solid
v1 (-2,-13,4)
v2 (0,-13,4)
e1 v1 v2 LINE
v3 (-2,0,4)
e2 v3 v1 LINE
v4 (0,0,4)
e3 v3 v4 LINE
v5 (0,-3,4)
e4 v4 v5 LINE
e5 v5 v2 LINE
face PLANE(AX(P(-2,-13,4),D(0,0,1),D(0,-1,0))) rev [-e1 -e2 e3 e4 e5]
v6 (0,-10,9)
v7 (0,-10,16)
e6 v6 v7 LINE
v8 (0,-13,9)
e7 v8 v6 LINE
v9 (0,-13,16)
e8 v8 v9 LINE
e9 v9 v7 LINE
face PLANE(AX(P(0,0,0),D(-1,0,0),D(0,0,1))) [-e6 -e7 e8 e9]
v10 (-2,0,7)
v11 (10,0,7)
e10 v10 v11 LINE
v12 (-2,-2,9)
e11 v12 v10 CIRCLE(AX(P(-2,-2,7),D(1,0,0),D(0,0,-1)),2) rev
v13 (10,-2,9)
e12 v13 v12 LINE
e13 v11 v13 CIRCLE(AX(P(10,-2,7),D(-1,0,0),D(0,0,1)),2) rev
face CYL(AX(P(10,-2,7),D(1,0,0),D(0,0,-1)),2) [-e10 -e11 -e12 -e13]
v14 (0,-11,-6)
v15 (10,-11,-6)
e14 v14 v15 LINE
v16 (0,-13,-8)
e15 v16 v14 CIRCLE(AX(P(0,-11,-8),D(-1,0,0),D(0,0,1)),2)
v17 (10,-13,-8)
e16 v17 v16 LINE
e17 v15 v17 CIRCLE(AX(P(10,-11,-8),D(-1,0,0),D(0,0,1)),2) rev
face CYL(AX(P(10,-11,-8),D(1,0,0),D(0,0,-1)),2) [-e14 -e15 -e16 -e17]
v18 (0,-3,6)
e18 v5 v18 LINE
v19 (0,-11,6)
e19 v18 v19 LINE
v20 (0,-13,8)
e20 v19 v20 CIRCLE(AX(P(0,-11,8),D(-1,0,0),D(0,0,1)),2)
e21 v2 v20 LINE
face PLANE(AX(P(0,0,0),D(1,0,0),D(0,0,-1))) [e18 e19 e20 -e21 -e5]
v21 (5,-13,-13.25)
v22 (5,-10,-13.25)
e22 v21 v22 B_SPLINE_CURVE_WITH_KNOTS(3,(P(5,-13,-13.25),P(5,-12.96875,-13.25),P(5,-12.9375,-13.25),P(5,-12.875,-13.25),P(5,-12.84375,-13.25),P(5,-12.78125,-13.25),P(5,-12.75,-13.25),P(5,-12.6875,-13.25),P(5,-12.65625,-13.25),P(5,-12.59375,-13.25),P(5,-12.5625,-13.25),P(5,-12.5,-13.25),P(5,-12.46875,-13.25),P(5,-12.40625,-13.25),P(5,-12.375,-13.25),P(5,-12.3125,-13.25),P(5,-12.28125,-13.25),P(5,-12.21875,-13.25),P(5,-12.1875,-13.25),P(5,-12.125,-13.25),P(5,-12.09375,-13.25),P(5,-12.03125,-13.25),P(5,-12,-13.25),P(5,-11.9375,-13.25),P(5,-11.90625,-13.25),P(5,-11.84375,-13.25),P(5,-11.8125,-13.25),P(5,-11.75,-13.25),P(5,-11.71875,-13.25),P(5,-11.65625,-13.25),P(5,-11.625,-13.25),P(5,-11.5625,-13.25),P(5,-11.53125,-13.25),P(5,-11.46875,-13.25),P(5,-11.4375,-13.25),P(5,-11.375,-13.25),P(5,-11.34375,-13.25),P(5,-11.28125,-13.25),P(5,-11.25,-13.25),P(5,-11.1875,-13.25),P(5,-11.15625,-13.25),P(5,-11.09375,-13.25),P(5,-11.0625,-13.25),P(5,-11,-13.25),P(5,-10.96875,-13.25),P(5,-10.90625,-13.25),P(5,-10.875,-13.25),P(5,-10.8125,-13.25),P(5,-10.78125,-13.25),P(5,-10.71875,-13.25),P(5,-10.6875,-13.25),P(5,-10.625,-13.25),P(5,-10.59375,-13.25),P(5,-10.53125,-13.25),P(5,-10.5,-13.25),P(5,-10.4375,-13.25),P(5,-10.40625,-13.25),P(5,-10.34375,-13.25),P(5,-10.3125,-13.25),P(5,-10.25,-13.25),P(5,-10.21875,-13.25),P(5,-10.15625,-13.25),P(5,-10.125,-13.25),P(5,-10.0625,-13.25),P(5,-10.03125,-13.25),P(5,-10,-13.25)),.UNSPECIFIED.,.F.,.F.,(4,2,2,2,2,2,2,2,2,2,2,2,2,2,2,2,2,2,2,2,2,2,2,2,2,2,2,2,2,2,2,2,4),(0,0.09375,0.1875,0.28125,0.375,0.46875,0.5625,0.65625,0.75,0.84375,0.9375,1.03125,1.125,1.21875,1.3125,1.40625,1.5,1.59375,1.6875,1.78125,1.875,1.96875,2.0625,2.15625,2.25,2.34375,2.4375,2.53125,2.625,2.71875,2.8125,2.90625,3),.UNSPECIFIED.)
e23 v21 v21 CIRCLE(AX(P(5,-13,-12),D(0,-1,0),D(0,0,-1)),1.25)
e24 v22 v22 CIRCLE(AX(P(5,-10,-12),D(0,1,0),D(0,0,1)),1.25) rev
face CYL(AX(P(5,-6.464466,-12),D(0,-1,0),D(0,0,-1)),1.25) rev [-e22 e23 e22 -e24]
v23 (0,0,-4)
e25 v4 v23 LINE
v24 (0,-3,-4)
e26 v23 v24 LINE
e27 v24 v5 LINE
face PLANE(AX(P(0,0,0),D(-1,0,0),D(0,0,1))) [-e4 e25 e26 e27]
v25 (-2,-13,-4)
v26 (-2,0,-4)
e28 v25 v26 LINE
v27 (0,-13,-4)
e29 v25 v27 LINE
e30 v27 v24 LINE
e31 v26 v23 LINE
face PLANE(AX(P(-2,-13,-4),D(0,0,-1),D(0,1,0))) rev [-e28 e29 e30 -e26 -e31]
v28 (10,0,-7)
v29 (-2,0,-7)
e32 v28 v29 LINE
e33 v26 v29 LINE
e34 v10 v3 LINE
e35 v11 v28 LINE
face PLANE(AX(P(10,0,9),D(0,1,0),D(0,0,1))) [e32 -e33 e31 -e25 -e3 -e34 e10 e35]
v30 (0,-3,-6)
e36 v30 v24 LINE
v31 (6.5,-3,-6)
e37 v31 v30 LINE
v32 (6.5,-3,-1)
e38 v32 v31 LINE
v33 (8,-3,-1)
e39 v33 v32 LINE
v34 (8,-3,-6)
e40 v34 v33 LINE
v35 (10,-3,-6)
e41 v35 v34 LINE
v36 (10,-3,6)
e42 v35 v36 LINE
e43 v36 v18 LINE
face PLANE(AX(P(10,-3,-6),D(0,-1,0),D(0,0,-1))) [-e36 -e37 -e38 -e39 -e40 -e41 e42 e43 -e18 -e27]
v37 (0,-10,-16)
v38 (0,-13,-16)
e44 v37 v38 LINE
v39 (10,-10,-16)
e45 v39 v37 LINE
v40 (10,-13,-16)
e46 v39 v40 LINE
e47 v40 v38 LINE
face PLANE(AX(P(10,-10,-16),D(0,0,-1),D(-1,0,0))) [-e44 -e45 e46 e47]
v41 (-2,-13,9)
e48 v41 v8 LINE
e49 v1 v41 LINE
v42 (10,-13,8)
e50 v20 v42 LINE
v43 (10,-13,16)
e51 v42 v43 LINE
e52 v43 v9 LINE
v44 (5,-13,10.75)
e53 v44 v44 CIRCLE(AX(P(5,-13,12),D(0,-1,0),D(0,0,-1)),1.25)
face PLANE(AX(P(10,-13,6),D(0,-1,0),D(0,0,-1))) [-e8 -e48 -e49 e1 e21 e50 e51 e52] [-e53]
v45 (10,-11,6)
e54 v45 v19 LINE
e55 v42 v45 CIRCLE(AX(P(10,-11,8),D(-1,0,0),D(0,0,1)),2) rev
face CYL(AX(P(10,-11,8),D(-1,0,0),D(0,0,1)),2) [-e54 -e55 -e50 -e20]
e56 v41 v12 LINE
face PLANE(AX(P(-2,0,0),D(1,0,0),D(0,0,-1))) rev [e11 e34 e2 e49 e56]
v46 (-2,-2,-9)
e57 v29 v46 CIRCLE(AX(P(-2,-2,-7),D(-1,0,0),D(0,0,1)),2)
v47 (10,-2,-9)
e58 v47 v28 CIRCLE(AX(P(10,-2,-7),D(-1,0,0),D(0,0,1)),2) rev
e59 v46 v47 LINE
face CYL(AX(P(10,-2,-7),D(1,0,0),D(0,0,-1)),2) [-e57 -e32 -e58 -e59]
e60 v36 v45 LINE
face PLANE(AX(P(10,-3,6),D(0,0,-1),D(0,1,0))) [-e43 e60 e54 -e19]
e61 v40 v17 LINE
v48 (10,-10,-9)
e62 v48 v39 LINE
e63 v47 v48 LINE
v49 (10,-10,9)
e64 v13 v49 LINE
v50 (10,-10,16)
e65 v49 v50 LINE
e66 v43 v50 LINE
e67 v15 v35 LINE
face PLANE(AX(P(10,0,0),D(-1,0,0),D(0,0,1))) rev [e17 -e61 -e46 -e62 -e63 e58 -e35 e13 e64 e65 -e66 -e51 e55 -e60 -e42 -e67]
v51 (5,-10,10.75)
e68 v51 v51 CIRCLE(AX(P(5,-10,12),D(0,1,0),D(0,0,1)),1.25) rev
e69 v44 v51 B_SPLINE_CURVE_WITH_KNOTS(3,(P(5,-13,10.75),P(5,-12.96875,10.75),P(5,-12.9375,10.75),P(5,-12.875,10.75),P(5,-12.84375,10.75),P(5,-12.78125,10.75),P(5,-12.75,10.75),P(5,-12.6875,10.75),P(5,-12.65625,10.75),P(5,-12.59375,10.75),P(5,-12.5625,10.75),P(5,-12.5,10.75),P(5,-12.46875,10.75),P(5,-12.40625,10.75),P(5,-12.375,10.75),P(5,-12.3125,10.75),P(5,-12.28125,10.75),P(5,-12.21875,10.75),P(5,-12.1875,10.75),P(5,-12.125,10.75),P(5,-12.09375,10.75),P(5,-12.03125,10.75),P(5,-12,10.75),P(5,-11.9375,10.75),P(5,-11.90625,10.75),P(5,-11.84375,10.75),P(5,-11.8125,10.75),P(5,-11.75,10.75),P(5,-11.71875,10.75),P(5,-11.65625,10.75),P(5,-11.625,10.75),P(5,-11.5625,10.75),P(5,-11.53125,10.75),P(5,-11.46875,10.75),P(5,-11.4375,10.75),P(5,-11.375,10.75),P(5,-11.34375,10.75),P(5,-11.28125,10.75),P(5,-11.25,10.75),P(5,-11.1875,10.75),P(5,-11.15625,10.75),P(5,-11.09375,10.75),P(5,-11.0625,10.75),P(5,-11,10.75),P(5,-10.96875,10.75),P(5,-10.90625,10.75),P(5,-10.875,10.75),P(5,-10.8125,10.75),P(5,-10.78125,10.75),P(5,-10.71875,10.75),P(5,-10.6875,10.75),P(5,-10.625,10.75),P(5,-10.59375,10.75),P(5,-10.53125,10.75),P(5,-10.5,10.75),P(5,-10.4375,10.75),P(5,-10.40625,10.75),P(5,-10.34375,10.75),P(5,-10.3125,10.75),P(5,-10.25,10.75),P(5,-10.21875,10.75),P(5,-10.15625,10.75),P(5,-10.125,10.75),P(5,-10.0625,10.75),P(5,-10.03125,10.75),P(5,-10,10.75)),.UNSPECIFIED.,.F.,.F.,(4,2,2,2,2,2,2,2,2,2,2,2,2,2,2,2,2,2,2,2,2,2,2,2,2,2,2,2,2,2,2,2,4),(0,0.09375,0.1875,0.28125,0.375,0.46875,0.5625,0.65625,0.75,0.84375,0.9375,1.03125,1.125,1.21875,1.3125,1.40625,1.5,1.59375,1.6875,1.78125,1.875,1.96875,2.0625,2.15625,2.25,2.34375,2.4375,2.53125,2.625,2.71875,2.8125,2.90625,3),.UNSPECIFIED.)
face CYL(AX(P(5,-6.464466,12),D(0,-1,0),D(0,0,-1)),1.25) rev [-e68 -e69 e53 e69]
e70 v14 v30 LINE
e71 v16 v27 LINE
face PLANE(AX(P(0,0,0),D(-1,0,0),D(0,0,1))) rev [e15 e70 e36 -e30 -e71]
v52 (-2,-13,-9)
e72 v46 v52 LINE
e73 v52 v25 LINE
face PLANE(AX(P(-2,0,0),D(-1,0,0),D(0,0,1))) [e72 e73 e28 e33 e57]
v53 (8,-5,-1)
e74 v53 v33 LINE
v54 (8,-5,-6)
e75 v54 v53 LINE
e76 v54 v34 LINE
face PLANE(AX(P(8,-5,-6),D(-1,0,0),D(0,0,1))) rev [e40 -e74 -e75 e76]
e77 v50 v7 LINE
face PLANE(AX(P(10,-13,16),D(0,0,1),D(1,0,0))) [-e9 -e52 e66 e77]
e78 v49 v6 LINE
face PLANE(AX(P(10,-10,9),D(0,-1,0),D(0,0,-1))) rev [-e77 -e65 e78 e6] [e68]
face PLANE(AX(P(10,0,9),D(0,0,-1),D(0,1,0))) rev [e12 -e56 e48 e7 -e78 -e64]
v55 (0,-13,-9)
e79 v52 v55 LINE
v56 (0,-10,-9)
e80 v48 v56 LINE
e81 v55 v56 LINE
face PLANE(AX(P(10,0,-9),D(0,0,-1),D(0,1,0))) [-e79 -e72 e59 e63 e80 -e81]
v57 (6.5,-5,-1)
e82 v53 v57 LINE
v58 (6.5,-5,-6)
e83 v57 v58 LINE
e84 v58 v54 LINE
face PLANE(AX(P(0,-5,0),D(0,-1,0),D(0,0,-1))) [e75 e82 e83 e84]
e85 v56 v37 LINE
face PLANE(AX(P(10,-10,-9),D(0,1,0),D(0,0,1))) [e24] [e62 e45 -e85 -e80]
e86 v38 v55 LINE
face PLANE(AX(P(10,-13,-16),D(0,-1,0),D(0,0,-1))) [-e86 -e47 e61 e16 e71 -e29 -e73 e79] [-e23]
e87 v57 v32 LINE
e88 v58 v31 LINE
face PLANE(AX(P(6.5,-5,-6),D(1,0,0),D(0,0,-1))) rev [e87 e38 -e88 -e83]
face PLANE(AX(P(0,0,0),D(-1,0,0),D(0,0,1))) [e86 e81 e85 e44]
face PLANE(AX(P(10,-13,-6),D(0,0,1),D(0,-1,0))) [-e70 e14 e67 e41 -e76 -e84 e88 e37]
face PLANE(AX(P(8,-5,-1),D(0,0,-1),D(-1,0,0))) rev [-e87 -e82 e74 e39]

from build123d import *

# Parameters (mm, degrees)
MAIN_DEPTH      = 10
FILLET1_R       = 2
FILLET2_R       = 2
SKETCH2_R       = 1.25
BOLT_SLOT_DEPTH = 3
SKETCH3_W       = 5
SKETCH3_H       = 13
FRONT_TAB_DEPTH = 2
SKETCH4_W       = 1.5
SKETCH4_H       = 5
TOP_TAB_DEPTH   = 2
FILLET3_R       = 2
FILLET4_R       = 2


with BuildPart() as part:
    # Sketch1 → main (new body)
    with BuildSketch(Plane(origin=(0, 0, 0), x_dir=(0, 0, -1), z_dir=(1, 0, 0))):
        Polygon((-9, 0), (9, 0), (9, -10), (16, -10), (16, -13), (6, -13), (6, -3), (-6, -3), (-6, -13), (-16, -13), (-16, -10), (-9, -10), align=None)
    extrude(amount=MAIN_DEPTH)

    # Fillet1
    fillet1_edges = [part.edges().sort_by_distance(p)[0] for p in [
        (5, -13, 6),
    ]]
    fillet(fillet1_edges, radius=FILLET1_R)

    # Fillet2
    fillet2_edges = [part.edges().sort_by_distance(p)[0] for p in [
        (5, -13, -6),
    ]]
    fillet(fillet2_edges, radius=FILLET2_R)

    # Sketch2 → bolt slot (cut)
    with BuildSketch(Plane.XZ.offset(13)):
        with Locations(Location((5, 12, 0), (0, 0, 270))):
            Circle(SKETCH2_R)
        with Locations(Location((5, -12, 0), (0, 0, 270))):
            Circle(SKETCH2_R)
    extrude(amount=-BOLT_SLOT_DEPTH, mode=Mode.SUBTRACT)

    # Sketch3 → front tab (add)
    with BuildSketch(Plane.ZY):
        with Locations((-6.5, -6.5)):
            Rectangle(SKETCH3_W, SKETCH3_H)
        with Locations((6.5, -6.5)):
            Rectangle(SKETCH3_W, SKETCH3_H)
    extrude(amount=FRONT_TAB_DEPTH)

    # Sketch4 → top tab (add)
    with BuildSketch(Plane.XZ.offset(3)):
        with Locations((7.25, -3.5)):
            Rectangle(SKETCH4_W, SKETCH4_H)
    extrude(amount=TOP_TAB_DEPTH)

    # Fillet3
    fillet3_edges = [part.edges().sort_by_distance(p)[0] for p in [
        (4, 0, -9),
    ]]
    fillet(fillet3_edges, radius=FILLET3_R)

    # Fillet4
    fillet4_edges = [part.edges().sort_by_distance(p)[0] for p in [
        (4, 0, 9),
    ]]
    fillet(fillet4_edges, radius=FILLET4_R)


solid = part.part
